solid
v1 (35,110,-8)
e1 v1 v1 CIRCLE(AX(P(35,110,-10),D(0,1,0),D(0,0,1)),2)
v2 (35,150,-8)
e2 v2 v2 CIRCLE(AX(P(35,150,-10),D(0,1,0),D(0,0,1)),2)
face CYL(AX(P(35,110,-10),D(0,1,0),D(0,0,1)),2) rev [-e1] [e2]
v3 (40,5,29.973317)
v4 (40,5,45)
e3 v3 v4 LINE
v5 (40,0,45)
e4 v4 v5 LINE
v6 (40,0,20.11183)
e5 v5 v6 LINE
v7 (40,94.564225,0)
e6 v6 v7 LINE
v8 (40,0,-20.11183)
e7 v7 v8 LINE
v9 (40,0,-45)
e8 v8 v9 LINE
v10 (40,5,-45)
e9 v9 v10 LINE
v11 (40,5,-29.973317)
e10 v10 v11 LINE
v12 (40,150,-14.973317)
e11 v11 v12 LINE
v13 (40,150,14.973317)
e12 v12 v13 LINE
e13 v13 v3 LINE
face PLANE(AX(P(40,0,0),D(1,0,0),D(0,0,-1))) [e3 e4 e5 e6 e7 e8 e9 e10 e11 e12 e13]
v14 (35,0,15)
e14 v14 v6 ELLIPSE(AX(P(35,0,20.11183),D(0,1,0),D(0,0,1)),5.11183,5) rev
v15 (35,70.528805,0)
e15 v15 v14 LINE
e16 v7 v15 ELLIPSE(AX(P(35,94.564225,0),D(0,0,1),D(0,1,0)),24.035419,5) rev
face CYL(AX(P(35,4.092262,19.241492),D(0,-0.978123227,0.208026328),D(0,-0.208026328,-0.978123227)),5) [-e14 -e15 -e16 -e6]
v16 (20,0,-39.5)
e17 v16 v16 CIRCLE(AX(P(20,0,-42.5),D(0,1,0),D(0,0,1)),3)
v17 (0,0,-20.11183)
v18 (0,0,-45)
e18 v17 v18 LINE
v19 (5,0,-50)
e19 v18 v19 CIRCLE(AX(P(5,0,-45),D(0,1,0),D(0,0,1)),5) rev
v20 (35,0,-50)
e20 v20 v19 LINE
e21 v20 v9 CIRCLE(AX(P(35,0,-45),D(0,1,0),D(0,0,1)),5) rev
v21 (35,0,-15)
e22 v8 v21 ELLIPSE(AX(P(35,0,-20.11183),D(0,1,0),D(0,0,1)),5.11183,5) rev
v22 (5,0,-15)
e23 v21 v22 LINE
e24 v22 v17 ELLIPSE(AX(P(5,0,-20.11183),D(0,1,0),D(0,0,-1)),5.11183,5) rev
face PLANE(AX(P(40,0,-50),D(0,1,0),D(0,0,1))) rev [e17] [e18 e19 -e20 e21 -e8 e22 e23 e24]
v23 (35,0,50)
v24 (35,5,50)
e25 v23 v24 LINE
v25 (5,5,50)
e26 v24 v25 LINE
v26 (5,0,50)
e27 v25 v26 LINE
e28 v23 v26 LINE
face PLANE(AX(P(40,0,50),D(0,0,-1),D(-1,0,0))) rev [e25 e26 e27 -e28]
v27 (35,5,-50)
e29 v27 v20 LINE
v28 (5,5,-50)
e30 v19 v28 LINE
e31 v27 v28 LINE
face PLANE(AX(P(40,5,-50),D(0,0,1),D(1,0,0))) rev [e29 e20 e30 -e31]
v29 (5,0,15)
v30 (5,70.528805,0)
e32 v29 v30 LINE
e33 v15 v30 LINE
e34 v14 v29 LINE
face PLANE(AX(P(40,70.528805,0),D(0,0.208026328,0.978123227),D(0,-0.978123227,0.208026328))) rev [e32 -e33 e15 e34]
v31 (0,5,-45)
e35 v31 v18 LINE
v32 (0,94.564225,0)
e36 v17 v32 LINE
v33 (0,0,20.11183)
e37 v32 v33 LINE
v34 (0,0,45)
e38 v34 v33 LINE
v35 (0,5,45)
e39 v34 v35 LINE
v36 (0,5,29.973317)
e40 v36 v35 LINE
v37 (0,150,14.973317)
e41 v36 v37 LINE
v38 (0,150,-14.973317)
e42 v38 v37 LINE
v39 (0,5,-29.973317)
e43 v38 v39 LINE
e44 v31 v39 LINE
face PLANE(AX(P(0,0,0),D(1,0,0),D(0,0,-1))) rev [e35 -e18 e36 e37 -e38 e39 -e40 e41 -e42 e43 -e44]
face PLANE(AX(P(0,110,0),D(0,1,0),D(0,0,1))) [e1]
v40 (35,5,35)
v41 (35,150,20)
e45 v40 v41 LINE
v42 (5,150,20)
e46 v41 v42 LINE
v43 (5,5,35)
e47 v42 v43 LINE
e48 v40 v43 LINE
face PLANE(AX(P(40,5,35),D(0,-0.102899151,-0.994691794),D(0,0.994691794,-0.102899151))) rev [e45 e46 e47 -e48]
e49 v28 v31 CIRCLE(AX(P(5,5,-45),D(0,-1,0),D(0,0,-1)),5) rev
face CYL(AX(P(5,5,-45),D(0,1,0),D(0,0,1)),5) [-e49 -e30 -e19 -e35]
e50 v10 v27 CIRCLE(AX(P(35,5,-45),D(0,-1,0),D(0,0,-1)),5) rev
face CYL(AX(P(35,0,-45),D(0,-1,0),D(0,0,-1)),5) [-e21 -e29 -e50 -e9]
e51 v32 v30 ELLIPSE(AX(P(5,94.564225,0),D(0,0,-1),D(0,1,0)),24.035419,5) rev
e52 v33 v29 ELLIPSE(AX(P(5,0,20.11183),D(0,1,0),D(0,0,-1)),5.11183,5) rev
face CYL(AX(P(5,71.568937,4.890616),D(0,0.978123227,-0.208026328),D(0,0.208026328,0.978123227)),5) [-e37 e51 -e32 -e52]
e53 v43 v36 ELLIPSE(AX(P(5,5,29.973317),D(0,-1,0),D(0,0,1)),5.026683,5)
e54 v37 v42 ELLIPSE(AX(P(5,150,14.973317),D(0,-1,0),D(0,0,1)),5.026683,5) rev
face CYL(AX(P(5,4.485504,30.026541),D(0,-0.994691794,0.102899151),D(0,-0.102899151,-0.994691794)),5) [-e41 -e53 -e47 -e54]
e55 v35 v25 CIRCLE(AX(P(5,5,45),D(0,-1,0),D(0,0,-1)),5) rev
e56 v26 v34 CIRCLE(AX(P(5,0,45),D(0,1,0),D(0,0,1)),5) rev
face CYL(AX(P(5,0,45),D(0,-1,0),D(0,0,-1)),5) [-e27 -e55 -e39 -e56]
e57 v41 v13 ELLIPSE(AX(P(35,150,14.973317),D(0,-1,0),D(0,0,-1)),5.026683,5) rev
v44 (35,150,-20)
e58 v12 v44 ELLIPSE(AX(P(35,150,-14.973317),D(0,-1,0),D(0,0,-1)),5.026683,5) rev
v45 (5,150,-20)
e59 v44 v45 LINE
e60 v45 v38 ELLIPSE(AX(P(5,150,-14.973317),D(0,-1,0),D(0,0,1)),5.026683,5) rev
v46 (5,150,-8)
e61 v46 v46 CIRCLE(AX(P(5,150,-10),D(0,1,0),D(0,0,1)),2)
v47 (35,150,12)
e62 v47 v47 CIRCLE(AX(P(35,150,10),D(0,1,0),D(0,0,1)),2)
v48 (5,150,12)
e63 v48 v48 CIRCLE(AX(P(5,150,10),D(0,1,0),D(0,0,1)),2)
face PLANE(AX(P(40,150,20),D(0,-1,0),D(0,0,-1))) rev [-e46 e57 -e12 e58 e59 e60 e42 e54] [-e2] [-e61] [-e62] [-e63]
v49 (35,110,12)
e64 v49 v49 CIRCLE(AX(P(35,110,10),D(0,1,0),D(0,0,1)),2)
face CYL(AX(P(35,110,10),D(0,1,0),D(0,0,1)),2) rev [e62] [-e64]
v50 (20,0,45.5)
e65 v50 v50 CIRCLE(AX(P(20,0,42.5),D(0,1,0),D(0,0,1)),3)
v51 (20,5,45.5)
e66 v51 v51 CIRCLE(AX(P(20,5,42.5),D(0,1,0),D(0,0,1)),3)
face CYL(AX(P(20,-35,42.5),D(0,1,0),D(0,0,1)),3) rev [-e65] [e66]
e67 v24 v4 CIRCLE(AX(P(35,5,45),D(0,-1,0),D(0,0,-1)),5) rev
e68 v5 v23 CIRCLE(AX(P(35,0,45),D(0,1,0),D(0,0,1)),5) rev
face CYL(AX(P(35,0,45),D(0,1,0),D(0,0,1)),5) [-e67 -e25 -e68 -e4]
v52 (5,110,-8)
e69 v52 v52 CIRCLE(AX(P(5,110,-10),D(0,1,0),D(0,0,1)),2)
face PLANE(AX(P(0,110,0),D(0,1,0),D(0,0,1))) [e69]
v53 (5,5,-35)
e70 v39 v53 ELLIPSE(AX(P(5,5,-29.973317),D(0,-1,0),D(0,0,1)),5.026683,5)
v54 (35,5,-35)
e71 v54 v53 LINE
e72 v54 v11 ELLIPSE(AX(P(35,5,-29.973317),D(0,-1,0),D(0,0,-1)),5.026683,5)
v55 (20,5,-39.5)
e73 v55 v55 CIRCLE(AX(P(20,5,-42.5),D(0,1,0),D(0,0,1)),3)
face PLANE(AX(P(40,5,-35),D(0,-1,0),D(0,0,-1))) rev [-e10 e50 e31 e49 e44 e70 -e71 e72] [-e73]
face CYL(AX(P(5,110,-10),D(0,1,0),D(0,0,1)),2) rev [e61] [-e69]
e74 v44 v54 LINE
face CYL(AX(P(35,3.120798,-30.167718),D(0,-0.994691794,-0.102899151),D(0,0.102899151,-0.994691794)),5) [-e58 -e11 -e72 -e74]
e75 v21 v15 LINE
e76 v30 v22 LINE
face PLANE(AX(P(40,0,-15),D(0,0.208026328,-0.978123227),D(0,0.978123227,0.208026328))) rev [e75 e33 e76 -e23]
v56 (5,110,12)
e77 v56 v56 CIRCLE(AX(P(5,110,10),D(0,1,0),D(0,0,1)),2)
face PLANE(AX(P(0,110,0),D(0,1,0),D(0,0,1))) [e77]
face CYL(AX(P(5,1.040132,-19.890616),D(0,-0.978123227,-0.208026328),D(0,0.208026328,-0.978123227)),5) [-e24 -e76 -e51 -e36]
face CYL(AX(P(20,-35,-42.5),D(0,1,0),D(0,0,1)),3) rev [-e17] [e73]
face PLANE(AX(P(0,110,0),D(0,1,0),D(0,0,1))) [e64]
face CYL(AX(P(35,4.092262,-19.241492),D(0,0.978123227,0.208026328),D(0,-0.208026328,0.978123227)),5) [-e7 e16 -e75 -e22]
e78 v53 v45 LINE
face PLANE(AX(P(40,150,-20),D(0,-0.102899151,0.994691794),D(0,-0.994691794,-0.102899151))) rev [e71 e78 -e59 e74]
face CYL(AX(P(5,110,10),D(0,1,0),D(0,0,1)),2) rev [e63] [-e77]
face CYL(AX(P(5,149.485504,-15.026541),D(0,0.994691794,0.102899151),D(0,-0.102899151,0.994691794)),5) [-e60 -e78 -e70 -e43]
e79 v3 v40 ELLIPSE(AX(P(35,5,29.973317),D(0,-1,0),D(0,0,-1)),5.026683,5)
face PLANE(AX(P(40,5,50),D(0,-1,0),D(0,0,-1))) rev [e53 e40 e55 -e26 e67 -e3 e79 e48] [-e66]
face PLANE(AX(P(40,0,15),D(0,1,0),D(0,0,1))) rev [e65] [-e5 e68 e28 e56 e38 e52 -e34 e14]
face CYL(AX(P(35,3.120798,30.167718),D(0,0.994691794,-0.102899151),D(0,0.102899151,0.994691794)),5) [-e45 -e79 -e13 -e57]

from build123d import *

# Parameters (mm, degrees)
BOSS_EXTRUDE1_DEPTH = 40
SKETCH2_R           = 3
CUT_EXTRUDE1_DEPTH  = 40
CUT_EXTRUDE2_DEPTH  = 40
FILLET1_R           = 5


with BuildPart() as part:
    # Sketch1 → Boss-Extrude1 (new body)
    with BuildSketch(Plane(origin=(0, 0, 0), x_dir=(0, 0, -1), z_dir=(1, 0, 0))):
        Polygon((-20, 150), (20, 150), (35, 5), (50, 5), (50, 0), (15, 0), (0, 70.528805369), (-15, 0), (-50, 0), (-50, 5), (-35, 5), align=None)
    extrude(amount=BOSS_EXTRUDE1_DEPTH)

    # Sketch2 → Cut-Extrude1 (cut)
    with BuildSketch(Plane(origin=(0, 5, 0), x_dir=(1, 0, 0), z_dir=(0, 1, 0))):
        with Locations(Location((20, 42.5, 0), (0, 0, 270))):
            Circle(SKETCH2_R)
        with Locations(Location((20, -42.5, 0), (0, 0, 270))):
            Circle(SKETCH2_R)
    extrude(amount=-CUT_EXTRUDE1_DEPTH, mode=Mode.SUBTRACT)

    # Sketch3 → Cut-Extrude2 (cut)
    with BuildSketch(Plane(origin=(0, 150, 0), x_dir=(1, 0, 0), z_dir=(0, 1, 0))):
        with BuildLine():
            ThreePointArc((35, -8), (33.585786438, -8.585786438), (33, -10))
            Line((33, -10), (35, -10))
            Line((35, -10), (35, -8))
        make_face()
        with BuildLine():
            Line((35, -10), (33, -10))
            ThreePointArc((33, -10), (35, -12), (37, -10))
            ThreePointArc((37, -10), (36.414213562, -8.585786438), (35, -8))
            Line((35, -8), (35, -10))
        make_face()
        with BuildLine():
            ThreePointArc((33, 10), (33.585786438, 8.585786438), (35, 8))
            Line((35, 8), (35, 10))
            Line((35, 10), (33, 10))
        make_face()
        with BuildLine():
            Line((35, 10), (35, 8))
            ThreePointArc((35, 8), (36.414213562, 8.585786438), (37, 10))
            ThreePointArc((37, 10), (35, 12), (33, 10))
            Line((33, 10), (35, 10))
        make_face()
        with BuildLine():
            ThreePointArc((7, 10), (3.585786438, 11.414213562), (5, 8))
            Line((5, 8), (5, 10))
            Line((5, 10), (7, 10))
        make_face()
        with BuildLine():
            Line((5, 10), (5, 8))
            ThreePointArc((5, 8), (6.414213562, 8.585786438), (7, 10))
            Line((7, 10), (5, 10))
        make_face()
        with BuildLine():
            Line((5, -8), (5, -10))
            Line((5, -10), (7, -10))
            ThreePointArc((7, -10), (6.414213562, -8.585786438), (5, -8))
        make_face()
        with BuildLine():
            Line((7, -10), (5, -10))
            Line((5, -10), (5, -8))
            ThreePointArc((5, -8), (3.585786438, -11.414213562), (7, -10))
        make_face()
    extrude(amount=-CUT_EXTRUDE2_DEPTH, mode=Mode.SUBTRACT)

    # Fillet1
    fillet1_edges = [part.edges().sort_by_distance(p)[0] for p in [
        (0, 2.5, -50),
        (0, 35.264402685, -7.5),
        (0, 35.264402685, 7.5),
        (40, 77.5, 27.5),
        (0, 2.5, 50),
        (0, 77.5, 27.5),
        (0, 77.5, -27.5),
        (40, 2.5, 50),
        (40, 35.264402685, 7.5),
        (40, 35.264402685, -7.5),
        (40, 2.5, -50),
        (40, 77.5, -27.5),
    ]]
    fillet(fillet1_edges, radius=FILLET1_R)


solid = part.part
